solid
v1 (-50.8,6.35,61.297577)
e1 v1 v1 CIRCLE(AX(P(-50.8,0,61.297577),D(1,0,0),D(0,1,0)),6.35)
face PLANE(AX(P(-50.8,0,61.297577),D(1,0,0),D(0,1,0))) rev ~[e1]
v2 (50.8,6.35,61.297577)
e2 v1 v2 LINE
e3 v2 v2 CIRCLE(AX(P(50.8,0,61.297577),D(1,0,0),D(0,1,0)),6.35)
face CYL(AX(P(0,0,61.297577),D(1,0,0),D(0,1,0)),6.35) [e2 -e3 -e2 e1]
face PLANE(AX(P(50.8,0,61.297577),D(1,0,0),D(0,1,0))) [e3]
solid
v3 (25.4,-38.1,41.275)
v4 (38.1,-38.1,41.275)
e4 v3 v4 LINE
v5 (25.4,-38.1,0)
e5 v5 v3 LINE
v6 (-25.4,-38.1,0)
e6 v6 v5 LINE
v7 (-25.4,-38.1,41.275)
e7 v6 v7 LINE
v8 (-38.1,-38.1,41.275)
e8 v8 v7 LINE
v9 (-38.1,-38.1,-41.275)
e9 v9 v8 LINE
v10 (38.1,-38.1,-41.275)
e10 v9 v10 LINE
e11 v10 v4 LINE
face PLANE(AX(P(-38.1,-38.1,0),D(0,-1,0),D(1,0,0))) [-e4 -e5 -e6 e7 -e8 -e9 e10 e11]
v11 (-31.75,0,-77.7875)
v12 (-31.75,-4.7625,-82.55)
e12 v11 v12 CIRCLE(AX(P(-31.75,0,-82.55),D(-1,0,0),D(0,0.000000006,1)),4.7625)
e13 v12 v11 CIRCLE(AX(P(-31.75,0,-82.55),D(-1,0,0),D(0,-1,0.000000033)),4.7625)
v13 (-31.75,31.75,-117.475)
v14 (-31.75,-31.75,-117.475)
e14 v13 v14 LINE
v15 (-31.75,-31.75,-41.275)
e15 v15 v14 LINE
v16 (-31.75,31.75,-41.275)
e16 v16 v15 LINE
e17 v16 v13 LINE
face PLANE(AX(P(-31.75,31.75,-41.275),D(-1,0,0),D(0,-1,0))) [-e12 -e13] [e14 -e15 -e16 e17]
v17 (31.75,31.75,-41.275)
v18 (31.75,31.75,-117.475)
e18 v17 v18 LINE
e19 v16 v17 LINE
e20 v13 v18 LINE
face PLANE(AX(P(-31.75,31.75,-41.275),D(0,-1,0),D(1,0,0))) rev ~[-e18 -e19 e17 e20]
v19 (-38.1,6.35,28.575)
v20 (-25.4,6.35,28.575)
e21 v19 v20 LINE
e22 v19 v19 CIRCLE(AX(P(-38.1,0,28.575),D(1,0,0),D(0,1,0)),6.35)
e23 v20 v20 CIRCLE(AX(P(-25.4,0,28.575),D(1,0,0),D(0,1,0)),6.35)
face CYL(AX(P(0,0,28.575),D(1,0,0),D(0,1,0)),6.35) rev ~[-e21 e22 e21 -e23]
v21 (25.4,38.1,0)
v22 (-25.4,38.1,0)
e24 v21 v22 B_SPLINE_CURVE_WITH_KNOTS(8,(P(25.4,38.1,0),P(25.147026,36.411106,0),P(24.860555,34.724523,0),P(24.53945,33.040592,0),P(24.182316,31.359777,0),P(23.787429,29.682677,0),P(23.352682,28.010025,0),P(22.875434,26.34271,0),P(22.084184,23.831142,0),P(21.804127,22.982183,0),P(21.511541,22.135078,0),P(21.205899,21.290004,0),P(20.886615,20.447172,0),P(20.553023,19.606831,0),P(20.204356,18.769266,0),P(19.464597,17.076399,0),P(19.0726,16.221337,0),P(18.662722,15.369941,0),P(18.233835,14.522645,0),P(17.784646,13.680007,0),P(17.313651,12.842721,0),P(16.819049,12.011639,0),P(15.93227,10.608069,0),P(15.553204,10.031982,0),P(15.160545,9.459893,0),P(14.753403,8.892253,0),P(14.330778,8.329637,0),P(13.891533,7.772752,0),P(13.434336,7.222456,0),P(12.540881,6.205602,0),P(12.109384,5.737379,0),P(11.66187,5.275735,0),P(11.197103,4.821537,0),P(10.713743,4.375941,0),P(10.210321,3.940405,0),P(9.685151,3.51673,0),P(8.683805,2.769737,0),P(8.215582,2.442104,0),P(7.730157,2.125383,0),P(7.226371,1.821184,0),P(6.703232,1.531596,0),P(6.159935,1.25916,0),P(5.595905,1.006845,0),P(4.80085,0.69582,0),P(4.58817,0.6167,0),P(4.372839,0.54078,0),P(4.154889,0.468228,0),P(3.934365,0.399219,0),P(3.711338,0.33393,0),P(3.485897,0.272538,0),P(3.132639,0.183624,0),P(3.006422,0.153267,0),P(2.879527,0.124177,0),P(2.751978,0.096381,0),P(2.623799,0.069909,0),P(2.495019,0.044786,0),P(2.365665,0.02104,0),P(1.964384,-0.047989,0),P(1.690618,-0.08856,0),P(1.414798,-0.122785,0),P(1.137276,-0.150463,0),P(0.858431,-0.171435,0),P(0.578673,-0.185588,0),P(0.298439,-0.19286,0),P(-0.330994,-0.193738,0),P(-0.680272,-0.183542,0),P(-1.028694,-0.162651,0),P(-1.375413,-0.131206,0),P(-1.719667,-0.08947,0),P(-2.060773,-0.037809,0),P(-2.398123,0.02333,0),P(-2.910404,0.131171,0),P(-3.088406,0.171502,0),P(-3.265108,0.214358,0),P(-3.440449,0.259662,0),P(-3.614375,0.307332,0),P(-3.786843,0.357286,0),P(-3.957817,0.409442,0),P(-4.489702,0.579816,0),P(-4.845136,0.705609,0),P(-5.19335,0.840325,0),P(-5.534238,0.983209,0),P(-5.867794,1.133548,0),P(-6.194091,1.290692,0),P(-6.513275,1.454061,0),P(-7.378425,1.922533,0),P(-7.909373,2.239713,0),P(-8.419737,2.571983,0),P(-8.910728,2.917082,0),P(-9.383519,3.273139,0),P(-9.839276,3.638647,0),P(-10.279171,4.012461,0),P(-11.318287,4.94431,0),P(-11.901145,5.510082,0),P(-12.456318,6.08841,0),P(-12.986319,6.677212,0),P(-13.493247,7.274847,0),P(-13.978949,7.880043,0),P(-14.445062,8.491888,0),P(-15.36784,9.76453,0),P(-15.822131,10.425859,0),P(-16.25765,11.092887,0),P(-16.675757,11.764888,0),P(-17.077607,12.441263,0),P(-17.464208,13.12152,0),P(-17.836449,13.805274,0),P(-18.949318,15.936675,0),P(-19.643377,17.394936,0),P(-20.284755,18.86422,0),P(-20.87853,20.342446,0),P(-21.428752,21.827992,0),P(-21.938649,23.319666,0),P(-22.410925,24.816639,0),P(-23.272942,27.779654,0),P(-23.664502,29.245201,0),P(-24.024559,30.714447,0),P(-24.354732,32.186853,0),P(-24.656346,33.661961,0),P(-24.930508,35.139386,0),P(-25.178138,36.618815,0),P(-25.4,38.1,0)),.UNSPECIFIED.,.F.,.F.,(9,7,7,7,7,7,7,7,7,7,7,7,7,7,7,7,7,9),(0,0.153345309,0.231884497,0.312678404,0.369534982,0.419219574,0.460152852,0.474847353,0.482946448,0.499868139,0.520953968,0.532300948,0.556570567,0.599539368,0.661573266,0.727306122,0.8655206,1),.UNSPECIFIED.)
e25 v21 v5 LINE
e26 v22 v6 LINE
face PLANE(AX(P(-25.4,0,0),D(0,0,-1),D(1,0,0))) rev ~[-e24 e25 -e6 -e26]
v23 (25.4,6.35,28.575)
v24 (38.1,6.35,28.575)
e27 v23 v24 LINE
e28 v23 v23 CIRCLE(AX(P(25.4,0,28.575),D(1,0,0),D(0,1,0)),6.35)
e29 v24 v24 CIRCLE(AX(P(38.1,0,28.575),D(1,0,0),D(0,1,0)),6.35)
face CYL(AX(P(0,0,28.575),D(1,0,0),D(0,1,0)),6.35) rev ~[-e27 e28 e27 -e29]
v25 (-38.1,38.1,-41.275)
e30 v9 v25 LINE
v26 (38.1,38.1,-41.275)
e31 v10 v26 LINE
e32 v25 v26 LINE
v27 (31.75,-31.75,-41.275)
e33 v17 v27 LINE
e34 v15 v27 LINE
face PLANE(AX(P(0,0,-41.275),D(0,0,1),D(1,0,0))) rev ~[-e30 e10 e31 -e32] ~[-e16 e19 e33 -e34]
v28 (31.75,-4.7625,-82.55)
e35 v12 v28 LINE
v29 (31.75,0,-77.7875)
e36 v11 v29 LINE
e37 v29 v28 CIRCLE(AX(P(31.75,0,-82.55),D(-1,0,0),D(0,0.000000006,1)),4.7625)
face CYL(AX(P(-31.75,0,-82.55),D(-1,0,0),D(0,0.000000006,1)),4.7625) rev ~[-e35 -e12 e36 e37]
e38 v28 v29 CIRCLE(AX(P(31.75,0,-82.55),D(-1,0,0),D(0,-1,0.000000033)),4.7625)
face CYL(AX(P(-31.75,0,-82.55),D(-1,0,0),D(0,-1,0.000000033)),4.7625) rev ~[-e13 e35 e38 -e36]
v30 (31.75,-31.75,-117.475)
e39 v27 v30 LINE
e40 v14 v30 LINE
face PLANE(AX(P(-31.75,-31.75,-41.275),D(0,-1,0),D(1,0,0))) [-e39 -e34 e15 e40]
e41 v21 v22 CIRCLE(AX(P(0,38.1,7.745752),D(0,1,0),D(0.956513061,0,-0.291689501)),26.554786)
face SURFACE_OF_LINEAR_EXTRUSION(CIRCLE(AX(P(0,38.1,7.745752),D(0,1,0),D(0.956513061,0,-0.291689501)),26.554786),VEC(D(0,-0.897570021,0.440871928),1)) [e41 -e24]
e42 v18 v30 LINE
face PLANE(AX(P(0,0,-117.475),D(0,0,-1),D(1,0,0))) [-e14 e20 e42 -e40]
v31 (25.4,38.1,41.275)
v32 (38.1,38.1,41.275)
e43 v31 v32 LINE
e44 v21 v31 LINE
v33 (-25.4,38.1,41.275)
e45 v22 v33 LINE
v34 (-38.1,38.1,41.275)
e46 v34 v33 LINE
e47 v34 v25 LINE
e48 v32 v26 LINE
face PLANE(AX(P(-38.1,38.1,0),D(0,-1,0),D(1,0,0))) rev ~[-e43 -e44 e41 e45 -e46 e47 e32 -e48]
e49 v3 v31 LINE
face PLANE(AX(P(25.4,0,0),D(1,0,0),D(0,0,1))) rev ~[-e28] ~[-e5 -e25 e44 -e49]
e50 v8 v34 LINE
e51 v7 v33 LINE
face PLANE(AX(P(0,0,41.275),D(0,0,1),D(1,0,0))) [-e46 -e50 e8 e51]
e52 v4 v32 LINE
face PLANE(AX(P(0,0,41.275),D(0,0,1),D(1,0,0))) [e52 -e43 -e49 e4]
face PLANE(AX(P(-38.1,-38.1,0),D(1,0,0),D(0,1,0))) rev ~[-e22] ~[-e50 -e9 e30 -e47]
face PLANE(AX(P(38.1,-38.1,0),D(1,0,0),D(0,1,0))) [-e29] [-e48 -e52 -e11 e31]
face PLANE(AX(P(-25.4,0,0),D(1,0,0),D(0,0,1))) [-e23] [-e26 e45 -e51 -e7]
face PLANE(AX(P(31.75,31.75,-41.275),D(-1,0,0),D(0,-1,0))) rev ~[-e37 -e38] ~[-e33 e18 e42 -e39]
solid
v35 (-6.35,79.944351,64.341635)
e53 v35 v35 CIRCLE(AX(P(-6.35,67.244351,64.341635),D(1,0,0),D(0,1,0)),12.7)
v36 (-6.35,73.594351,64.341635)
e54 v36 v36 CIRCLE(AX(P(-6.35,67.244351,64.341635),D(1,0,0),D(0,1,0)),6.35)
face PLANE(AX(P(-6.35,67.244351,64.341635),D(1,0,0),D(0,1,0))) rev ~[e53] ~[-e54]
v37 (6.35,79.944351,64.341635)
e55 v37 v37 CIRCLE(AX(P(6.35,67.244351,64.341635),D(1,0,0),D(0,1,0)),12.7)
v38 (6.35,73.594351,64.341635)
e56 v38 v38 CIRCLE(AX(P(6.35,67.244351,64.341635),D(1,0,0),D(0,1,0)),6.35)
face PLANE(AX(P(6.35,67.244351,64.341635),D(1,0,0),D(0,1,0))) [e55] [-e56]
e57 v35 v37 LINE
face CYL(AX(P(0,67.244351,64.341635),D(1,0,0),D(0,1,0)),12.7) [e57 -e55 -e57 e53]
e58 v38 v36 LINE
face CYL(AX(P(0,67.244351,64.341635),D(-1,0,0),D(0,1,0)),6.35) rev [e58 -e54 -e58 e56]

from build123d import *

# Parameters (mm, degrees)
F0_W      = 76.2
F0_H      = 76.2
F1_DEPTH  = 41.275
F2_W      = 50.8
F2_H      = 41.275
F3_DEPTH  = 38.1
F4_R      = 6.35
F5_DEPTH  = 38.1
F9_W      = 63.5
F9_H      = 63.5
F10_DEPTH = 76.2
F12_DEPTH = 69.851
F13_R     = 6.35
F14_DEPTH = 50.8
F15_R     = 12.7
F15_R_2   = 6.35
F16_DEPTH = 6.35


with BuildPart() as f1:
    # F0 (on Top) → F1 (new body, symmetric)
    with BuildSketch(Plane.XY):
        Rectangle(F0_W, F0_H)
    extrude(amount=F1_DEPTH, both=True)

    # F2 (on Front) → F3 (cut, symmetric)
    with BuildSketch(Plane.XZ):
        with Locations((0, 20.6375)):
            Rectangle(F2_W, F2_H)
    extrude(amount=F3_DEPTH, both=True, mode=Mode.SUBTRACT)

    # F4 (on Right) → F5 (cut, symmetric)
    with BuildSketch(Plane.YZ):
        with Locations((0, 28.575)):
            Circle(F4_R)
    extrude(amount=F5_DEPTH, both=True, mode=Mode.SUBTRACT)

    # F8: sweep along a path in F6
    with BuildLine(Plane.YZ) as f8_path:
        Line((38.1, -18.809034), (-37.708998, 18.427124))
    # F7 (on face) → F8 (sweep, cut)
    with BuildSketch(Plane(origin=(0, 38.1, 0), x_dir=(-1, 0, 0), z_dir=(0, 1, 0))):
        with BuildLine():
            Line((25.4, 0), (-25.4, 0))
            ThreePointArc((-25.4, 0), (0, -18.809034), (25.4, 0))
        make_face()
    sweep(path=f8_path.line, mode=Mode.SUBTRACT)

    # F9 (on face) → F10 (join)
    with BuildSketch(Plane(origin=(0, 0, -41.275), x_dir=(1, 0, 0), z_dir=(0, 0, -1))):
        Rectangle(F9_W, F9_H)
    extrude(amount=F10_DEPTH)

    # F11 (on face) → F12 (cut, through all)
    with BuildSketch(Plane(origin=(-31.75, 0, 0), x_dir=(0, -1, 0), z_dir=(-1, 0, 0))):
        with BuildLine():
            ThreePointArc((4.7625, -82.55), (3.367596, -79.182404), (0, -77.7875))
            ThreePointArc((0, -77.7875), (-3.367596, -85.917596), (4.7625, -82.55))
        make_face()
    extrude(amount=-F12_DEPTH, mode=Mode.SUBTRACT)


with BuildPart() as f14:
    # F13 (on Right) → F14 (new body, symmetric)
    with BuildSketch(Plane.YZ):
        with Locations((0, 61.297577)):
            Circle(F13_R)
    extrude(amount=F14_DEPTH, both=True)


with BuildPart() as f16:
    # F15 (on Right) → F16 (new body, symmetric)
    with BuildSketch(Plane.YZ):
        with Locations((67.244351, 64.341635)):
            Circle(F15_R)
        with Locations((67.244351, 64.341635)):
            Circle(F15_R_2, mode=Mode.SUBTRACT)
    extrude(amount=F16_DEPTH, both=True)


solid = Compound([f1.part, f14.part, f16.part])
